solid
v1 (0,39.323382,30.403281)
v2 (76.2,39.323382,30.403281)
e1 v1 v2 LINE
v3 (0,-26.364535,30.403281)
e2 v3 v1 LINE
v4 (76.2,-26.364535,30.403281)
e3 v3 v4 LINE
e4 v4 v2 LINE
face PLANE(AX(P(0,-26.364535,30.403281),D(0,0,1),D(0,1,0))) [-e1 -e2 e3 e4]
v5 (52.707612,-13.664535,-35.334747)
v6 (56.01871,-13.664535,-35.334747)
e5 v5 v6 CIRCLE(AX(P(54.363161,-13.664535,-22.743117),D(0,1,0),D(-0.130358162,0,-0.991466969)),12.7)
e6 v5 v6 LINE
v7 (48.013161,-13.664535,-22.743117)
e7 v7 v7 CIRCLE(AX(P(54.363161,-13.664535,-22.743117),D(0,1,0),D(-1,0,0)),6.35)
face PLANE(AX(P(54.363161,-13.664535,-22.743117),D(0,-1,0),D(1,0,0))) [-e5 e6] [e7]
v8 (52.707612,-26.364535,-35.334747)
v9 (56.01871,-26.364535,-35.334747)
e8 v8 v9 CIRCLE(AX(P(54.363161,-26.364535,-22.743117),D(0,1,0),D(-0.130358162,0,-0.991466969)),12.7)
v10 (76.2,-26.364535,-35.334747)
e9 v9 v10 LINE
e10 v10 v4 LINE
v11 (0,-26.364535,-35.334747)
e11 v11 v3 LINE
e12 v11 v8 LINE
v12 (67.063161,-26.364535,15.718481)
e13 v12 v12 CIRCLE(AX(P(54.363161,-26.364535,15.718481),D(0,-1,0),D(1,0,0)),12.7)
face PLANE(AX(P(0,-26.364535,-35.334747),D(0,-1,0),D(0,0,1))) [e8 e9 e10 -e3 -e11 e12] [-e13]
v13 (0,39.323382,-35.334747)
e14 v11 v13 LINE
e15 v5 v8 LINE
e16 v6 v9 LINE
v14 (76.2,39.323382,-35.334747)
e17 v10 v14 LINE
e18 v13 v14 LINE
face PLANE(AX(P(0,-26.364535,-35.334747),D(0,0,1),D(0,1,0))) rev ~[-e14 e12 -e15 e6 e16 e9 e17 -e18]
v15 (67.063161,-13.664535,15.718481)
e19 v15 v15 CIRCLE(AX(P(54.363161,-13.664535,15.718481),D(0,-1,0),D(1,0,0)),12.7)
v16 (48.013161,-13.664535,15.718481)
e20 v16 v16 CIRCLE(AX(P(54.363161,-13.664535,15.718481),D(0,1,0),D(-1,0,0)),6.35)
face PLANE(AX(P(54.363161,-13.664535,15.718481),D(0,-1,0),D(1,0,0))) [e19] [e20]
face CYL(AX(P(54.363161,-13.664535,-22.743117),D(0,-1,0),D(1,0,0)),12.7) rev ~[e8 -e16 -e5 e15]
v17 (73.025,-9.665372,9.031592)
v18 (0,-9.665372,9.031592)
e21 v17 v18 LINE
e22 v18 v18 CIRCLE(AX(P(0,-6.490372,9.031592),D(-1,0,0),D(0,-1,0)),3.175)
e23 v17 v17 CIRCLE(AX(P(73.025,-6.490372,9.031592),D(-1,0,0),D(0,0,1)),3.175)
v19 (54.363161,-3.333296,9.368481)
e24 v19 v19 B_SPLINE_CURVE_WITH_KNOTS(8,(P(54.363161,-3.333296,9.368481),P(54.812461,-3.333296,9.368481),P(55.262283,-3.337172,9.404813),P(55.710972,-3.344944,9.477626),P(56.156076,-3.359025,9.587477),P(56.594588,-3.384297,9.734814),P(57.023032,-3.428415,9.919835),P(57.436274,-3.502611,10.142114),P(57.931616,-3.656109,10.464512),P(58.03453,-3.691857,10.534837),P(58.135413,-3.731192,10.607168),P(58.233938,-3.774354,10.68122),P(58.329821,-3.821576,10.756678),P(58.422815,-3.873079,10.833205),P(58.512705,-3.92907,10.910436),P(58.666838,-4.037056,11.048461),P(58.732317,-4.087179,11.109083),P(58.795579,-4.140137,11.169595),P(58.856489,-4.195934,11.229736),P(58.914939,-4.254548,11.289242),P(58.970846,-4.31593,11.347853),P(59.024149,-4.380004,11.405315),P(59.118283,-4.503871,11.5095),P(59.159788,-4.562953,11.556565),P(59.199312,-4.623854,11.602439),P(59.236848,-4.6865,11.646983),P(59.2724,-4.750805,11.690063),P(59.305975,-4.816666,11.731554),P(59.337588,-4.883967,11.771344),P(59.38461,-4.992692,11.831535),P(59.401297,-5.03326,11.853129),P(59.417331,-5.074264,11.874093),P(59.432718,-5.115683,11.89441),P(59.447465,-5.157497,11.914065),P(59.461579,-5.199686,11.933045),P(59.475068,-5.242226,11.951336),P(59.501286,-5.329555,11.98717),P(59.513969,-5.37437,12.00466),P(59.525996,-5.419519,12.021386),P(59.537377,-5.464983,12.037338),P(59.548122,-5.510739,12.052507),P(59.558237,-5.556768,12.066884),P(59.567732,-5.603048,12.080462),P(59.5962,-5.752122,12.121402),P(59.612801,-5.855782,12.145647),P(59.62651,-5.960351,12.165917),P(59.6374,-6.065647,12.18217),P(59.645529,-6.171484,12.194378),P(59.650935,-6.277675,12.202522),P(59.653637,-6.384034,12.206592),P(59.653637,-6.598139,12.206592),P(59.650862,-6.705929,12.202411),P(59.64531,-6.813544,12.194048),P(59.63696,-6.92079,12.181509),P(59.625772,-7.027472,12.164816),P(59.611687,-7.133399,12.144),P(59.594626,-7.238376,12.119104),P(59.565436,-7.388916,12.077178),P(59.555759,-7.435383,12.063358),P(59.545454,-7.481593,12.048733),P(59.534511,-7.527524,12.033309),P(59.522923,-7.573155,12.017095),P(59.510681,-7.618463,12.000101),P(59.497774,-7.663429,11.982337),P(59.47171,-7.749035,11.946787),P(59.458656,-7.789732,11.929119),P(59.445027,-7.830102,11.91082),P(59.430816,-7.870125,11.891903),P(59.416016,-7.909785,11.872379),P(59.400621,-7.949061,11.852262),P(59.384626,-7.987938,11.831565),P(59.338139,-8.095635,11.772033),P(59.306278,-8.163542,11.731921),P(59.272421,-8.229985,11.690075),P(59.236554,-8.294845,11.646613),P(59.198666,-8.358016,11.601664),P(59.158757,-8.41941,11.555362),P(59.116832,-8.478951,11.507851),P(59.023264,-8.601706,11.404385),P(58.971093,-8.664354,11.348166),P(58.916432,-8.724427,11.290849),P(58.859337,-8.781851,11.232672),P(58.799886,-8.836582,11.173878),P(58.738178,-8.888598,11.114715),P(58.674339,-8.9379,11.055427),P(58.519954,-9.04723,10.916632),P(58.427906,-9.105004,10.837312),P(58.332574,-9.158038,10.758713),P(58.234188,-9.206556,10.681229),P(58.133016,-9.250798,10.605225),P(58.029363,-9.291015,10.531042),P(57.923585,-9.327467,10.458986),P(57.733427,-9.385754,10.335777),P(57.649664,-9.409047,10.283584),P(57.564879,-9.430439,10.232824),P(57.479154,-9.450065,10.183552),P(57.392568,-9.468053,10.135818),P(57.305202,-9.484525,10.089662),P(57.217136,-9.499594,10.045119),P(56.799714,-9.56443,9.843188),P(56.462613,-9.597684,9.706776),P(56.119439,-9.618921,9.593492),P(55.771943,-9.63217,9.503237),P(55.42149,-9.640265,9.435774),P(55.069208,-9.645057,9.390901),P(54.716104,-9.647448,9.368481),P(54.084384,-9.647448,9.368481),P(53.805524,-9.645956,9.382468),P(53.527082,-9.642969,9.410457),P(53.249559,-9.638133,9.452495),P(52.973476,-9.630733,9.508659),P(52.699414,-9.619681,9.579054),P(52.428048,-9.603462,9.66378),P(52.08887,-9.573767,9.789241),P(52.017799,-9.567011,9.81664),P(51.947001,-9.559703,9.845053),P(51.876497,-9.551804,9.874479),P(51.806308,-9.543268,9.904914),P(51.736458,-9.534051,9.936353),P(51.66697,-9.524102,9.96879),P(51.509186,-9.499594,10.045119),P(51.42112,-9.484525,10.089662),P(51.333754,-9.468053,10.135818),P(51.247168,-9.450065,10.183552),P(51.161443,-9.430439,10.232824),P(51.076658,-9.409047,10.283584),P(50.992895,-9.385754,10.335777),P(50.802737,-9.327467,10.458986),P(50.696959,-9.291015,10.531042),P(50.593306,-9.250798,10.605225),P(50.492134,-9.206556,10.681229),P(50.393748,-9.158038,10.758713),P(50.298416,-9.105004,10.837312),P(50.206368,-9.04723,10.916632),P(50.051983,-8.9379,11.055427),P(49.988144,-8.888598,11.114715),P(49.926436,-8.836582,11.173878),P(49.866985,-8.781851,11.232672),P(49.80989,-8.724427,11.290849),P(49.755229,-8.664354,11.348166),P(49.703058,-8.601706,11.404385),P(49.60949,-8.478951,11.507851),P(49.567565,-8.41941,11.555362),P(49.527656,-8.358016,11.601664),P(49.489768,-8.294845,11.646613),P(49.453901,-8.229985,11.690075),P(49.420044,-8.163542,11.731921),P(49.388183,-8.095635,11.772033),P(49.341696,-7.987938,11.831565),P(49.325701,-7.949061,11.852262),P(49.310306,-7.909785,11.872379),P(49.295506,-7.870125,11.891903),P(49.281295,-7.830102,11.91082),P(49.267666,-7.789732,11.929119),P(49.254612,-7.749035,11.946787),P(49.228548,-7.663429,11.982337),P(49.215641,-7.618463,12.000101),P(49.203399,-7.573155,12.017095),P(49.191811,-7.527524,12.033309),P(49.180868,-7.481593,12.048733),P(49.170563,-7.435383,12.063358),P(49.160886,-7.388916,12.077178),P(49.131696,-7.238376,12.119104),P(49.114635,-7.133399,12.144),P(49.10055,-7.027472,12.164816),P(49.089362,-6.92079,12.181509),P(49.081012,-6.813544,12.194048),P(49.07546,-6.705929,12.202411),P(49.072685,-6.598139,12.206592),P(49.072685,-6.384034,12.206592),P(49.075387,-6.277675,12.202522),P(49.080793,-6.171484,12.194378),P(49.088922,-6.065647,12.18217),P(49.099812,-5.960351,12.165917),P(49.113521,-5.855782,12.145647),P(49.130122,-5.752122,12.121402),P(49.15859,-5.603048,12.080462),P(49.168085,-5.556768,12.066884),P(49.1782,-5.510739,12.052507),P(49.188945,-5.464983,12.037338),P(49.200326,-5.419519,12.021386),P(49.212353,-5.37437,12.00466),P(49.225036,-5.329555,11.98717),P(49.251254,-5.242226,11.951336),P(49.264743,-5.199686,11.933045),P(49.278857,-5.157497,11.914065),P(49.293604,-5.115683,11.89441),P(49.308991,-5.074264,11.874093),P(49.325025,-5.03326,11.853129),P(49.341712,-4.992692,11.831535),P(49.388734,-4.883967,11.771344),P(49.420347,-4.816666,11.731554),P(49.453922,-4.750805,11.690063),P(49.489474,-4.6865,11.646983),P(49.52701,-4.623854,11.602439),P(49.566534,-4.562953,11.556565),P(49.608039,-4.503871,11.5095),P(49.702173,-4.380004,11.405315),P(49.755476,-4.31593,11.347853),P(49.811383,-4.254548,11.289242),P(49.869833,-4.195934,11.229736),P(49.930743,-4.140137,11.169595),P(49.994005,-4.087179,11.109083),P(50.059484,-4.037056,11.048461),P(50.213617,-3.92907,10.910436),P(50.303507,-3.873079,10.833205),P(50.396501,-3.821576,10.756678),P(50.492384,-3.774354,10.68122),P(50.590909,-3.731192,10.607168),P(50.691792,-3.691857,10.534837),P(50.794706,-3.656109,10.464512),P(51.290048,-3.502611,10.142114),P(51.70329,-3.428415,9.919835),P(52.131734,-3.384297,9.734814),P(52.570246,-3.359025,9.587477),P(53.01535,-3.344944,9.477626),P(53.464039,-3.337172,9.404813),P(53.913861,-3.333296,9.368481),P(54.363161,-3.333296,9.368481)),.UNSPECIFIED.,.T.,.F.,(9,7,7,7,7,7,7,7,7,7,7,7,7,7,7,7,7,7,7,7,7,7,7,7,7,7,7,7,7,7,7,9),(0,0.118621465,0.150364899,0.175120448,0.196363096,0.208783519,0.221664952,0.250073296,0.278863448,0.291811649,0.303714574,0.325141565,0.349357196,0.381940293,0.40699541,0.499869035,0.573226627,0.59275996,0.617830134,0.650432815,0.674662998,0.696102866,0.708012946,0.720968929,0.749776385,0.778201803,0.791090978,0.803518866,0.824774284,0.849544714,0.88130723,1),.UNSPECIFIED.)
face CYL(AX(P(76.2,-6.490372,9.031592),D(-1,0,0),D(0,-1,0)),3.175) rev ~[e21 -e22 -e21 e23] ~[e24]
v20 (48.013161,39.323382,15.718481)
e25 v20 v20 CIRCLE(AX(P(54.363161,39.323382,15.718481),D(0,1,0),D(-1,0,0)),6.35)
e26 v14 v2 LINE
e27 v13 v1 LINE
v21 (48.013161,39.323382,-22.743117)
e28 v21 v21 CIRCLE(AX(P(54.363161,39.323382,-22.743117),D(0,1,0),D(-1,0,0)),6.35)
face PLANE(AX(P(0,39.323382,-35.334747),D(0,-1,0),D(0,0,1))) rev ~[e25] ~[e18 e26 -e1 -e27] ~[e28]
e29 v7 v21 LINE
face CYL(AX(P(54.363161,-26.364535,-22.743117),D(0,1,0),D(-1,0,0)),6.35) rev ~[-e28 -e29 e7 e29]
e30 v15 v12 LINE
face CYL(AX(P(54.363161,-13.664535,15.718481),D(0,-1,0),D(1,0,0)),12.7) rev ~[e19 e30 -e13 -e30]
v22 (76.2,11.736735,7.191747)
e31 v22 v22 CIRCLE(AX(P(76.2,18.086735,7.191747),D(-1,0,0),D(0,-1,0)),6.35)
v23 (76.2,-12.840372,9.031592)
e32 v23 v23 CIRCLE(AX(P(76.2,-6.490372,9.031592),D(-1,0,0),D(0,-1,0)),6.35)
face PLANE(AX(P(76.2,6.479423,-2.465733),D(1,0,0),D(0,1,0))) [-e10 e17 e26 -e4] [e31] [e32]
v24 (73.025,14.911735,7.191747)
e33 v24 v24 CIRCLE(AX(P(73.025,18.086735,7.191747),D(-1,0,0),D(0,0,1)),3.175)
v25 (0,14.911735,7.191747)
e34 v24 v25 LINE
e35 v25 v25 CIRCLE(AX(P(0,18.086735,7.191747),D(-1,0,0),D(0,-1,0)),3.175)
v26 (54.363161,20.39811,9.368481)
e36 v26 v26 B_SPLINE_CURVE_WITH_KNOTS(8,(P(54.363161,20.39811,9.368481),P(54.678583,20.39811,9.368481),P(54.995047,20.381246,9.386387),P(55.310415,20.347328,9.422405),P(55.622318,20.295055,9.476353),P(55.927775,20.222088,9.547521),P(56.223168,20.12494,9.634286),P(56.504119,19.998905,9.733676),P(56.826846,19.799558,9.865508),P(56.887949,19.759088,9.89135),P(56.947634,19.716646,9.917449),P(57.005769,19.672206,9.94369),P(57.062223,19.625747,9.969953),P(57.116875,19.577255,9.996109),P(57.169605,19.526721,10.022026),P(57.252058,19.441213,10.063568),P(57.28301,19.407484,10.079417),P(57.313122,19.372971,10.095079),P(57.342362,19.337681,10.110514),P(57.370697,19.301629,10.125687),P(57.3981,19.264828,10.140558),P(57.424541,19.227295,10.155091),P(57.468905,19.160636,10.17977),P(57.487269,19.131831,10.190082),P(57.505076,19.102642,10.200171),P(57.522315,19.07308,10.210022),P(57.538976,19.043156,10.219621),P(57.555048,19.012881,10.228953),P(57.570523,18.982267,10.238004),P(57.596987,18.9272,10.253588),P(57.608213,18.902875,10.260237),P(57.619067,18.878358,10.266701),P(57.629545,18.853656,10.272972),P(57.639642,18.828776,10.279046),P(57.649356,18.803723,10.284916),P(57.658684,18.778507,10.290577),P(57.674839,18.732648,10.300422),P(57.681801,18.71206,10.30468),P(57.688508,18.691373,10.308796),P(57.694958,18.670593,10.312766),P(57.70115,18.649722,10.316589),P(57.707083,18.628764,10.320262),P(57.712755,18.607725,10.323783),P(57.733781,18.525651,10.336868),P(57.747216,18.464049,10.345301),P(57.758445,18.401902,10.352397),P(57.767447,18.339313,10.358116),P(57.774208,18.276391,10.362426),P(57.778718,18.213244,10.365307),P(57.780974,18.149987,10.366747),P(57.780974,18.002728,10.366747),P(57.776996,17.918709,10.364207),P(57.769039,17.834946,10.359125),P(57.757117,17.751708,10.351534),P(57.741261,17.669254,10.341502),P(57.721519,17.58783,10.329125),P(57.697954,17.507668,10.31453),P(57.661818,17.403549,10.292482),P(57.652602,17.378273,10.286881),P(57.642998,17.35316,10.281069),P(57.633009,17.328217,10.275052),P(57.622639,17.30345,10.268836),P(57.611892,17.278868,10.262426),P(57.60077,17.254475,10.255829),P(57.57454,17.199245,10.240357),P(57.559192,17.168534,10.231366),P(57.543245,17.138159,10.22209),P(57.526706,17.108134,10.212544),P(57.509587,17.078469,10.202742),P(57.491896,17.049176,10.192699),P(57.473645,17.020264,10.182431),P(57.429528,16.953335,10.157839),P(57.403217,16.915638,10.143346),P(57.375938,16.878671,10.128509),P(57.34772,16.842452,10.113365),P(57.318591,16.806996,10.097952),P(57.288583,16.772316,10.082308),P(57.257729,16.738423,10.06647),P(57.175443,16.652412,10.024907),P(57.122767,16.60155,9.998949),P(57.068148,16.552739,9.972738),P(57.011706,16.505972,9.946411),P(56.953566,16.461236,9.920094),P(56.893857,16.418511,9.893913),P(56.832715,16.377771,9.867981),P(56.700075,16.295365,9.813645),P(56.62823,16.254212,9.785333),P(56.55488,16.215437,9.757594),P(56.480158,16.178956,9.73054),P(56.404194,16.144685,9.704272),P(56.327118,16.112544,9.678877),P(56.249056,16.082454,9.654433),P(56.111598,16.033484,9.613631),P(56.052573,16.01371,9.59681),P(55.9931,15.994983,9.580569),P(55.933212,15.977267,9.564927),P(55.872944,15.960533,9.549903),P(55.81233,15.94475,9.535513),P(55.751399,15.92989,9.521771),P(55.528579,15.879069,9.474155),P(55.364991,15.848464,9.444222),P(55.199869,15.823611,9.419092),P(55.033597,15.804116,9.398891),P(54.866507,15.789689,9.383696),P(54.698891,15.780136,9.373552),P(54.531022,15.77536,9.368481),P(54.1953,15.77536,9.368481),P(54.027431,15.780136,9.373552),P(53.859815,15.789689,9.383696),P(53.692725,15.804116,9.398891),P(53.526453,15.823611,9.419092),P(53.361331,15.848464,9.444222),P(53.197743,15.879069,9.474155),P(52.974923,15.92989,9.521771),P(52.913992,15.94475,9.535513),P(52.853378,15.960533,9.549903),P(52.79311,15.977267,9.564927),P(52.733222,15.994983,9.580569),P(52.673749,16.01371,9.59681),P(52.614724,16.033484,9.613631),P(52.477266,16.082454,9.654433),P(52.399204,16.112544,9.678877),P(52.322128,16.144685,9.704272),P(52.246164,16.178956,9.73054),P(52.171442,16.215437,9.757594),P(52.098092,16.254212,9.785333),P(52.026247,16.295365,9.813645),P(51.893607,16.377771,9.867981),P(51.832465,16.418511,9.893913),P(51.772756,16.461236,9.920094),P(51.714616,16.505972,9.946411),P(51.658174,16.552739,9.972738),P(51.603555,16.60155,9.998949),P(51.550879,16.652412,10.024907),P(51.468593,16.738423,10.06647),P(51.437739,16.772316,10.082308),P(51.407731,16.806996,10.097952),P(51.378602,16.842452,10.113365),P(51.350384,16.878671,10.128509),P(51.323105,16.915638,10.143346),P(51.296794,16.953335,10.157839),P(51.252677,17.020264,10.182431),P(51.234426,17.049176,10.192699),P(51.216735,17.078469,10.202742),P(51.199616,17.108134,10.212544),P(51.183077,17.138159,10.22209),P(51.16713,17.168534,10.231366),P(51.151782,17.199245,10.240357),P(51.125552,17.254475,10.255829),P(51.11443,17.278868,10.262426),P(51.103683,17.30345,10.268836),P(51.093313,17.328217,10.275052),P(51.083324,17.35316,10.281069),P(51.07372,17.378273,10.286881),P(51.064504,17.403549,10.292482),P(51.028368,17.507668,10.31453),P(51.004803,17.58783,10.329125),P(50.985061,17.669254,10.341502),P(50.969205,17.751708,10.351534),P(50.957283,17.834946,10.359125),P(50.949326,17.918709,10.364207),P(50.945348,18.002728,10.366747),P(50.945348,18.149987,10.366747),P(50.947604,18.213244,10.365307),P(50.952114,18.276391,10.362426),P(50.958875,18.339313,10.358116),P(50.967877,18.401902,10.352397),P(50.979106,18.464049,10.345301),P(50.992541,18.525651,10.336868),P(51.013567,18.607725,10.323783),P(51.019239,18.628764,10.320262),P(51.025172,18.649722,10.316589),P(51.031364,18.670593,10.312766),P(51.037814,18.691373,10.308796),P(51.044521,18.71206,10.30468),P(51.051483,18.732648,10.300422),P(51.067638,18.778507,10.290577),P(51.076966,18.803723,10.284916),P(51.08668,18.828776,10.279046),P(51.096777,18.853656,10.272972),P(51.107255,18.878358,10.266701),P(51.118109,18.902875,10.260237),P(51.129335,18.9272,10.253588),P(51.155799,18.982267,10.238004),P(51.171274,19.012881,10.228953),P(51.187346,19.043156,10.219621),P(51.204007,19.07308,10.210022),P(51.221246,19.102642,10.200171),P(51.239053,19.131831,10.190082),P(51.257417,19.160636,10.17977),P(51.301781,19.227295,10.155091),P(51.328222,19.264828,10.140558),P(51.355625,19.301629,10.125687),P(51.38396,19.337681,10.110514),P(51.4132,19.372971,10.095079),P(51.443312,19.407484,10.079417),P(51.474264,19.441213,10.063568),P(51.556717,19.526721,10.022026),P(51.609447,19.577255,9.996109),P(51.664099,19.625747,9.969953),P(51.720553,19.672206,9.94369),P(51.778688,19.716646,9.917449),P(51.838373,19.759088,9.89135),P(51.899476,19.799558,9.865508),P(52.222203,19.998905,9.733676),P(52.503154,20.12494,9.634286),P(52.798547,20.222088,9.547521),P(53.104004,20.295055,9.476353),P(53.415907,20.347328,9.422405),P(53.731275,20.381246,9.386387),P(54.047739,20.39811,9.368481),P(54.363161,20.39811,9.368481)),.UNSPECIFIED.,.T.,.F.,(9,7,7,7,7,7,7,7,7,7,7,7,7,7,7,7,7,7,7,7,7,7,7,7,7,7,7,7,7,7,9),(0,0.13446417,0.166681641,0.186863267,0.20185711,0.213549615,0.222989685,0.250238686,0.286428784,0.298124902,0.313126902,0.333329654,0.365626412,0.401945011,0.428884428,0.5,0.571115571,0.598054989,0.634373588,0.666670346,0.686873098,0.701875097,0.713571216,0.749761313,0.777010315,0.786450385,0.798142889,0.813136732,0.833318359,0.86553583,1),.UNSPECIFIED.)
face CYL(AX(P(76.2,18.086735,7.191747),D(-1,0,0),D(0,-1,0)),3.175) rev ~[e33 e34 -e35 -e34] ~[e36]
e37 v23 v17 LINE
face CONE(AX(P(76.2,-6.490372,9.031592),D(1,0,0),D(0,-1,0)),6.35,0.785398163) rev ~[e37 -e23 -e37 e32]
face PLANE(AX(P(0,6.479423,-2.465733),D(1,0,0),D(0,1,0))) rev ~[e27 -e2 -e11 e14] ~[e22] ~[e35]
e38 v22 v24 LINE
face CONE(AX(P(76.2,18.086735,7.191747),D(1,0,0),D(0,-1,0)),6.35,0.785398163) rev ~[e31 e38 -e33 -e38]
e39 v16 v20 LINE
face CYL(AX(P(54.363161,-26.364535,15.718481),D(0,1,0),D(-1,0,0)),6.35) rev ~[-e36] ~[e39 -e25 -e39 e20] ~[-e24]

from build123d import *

# Parameters (mm, degrees)
F0_W           = 65.687917
F0_H           = 65.738029
F1_DEPTH       = 76.2
F3_D           = 6.35
F3_CSINK_D     = 12.7
F3_CSINK_ANGLE = 90
F5_D           = 12.7
F5_CBORE_D     = 25.4
F5_CBORE_DEPTH = 12.7


with BuildPart() as f1:
    # F0 (on Right) → F1 (new body)
    with BuildSketch(Plane.YZ):
        with Locations((6.479423, -2.465733)):
            Rectangle(F0_W, F0_H)
    extrude(amount=F1_DEPTH)

    # F3 (through all)
    with Locations(Plane.YZ.offset(76.2)):
        with Locations((-6.490372, 9.031592), (18.086735, 7.191747)):
            CounterSinkHole(F3_D / 2, F3_CSINK_D / 2, counter_sink_angle=F3_CSINK_ANGLE)

    # F5 (through all)
    with Locations(Plane.XZ.offset(26.364535)):
        with Locations((54.363161, 15.718481), (54.363161, -22.743117)):
            CounterBoreHole(F5_D / 2, F5_CBORE_D / 2, F5_CBORE_DEPTH)


solid = f1.part
